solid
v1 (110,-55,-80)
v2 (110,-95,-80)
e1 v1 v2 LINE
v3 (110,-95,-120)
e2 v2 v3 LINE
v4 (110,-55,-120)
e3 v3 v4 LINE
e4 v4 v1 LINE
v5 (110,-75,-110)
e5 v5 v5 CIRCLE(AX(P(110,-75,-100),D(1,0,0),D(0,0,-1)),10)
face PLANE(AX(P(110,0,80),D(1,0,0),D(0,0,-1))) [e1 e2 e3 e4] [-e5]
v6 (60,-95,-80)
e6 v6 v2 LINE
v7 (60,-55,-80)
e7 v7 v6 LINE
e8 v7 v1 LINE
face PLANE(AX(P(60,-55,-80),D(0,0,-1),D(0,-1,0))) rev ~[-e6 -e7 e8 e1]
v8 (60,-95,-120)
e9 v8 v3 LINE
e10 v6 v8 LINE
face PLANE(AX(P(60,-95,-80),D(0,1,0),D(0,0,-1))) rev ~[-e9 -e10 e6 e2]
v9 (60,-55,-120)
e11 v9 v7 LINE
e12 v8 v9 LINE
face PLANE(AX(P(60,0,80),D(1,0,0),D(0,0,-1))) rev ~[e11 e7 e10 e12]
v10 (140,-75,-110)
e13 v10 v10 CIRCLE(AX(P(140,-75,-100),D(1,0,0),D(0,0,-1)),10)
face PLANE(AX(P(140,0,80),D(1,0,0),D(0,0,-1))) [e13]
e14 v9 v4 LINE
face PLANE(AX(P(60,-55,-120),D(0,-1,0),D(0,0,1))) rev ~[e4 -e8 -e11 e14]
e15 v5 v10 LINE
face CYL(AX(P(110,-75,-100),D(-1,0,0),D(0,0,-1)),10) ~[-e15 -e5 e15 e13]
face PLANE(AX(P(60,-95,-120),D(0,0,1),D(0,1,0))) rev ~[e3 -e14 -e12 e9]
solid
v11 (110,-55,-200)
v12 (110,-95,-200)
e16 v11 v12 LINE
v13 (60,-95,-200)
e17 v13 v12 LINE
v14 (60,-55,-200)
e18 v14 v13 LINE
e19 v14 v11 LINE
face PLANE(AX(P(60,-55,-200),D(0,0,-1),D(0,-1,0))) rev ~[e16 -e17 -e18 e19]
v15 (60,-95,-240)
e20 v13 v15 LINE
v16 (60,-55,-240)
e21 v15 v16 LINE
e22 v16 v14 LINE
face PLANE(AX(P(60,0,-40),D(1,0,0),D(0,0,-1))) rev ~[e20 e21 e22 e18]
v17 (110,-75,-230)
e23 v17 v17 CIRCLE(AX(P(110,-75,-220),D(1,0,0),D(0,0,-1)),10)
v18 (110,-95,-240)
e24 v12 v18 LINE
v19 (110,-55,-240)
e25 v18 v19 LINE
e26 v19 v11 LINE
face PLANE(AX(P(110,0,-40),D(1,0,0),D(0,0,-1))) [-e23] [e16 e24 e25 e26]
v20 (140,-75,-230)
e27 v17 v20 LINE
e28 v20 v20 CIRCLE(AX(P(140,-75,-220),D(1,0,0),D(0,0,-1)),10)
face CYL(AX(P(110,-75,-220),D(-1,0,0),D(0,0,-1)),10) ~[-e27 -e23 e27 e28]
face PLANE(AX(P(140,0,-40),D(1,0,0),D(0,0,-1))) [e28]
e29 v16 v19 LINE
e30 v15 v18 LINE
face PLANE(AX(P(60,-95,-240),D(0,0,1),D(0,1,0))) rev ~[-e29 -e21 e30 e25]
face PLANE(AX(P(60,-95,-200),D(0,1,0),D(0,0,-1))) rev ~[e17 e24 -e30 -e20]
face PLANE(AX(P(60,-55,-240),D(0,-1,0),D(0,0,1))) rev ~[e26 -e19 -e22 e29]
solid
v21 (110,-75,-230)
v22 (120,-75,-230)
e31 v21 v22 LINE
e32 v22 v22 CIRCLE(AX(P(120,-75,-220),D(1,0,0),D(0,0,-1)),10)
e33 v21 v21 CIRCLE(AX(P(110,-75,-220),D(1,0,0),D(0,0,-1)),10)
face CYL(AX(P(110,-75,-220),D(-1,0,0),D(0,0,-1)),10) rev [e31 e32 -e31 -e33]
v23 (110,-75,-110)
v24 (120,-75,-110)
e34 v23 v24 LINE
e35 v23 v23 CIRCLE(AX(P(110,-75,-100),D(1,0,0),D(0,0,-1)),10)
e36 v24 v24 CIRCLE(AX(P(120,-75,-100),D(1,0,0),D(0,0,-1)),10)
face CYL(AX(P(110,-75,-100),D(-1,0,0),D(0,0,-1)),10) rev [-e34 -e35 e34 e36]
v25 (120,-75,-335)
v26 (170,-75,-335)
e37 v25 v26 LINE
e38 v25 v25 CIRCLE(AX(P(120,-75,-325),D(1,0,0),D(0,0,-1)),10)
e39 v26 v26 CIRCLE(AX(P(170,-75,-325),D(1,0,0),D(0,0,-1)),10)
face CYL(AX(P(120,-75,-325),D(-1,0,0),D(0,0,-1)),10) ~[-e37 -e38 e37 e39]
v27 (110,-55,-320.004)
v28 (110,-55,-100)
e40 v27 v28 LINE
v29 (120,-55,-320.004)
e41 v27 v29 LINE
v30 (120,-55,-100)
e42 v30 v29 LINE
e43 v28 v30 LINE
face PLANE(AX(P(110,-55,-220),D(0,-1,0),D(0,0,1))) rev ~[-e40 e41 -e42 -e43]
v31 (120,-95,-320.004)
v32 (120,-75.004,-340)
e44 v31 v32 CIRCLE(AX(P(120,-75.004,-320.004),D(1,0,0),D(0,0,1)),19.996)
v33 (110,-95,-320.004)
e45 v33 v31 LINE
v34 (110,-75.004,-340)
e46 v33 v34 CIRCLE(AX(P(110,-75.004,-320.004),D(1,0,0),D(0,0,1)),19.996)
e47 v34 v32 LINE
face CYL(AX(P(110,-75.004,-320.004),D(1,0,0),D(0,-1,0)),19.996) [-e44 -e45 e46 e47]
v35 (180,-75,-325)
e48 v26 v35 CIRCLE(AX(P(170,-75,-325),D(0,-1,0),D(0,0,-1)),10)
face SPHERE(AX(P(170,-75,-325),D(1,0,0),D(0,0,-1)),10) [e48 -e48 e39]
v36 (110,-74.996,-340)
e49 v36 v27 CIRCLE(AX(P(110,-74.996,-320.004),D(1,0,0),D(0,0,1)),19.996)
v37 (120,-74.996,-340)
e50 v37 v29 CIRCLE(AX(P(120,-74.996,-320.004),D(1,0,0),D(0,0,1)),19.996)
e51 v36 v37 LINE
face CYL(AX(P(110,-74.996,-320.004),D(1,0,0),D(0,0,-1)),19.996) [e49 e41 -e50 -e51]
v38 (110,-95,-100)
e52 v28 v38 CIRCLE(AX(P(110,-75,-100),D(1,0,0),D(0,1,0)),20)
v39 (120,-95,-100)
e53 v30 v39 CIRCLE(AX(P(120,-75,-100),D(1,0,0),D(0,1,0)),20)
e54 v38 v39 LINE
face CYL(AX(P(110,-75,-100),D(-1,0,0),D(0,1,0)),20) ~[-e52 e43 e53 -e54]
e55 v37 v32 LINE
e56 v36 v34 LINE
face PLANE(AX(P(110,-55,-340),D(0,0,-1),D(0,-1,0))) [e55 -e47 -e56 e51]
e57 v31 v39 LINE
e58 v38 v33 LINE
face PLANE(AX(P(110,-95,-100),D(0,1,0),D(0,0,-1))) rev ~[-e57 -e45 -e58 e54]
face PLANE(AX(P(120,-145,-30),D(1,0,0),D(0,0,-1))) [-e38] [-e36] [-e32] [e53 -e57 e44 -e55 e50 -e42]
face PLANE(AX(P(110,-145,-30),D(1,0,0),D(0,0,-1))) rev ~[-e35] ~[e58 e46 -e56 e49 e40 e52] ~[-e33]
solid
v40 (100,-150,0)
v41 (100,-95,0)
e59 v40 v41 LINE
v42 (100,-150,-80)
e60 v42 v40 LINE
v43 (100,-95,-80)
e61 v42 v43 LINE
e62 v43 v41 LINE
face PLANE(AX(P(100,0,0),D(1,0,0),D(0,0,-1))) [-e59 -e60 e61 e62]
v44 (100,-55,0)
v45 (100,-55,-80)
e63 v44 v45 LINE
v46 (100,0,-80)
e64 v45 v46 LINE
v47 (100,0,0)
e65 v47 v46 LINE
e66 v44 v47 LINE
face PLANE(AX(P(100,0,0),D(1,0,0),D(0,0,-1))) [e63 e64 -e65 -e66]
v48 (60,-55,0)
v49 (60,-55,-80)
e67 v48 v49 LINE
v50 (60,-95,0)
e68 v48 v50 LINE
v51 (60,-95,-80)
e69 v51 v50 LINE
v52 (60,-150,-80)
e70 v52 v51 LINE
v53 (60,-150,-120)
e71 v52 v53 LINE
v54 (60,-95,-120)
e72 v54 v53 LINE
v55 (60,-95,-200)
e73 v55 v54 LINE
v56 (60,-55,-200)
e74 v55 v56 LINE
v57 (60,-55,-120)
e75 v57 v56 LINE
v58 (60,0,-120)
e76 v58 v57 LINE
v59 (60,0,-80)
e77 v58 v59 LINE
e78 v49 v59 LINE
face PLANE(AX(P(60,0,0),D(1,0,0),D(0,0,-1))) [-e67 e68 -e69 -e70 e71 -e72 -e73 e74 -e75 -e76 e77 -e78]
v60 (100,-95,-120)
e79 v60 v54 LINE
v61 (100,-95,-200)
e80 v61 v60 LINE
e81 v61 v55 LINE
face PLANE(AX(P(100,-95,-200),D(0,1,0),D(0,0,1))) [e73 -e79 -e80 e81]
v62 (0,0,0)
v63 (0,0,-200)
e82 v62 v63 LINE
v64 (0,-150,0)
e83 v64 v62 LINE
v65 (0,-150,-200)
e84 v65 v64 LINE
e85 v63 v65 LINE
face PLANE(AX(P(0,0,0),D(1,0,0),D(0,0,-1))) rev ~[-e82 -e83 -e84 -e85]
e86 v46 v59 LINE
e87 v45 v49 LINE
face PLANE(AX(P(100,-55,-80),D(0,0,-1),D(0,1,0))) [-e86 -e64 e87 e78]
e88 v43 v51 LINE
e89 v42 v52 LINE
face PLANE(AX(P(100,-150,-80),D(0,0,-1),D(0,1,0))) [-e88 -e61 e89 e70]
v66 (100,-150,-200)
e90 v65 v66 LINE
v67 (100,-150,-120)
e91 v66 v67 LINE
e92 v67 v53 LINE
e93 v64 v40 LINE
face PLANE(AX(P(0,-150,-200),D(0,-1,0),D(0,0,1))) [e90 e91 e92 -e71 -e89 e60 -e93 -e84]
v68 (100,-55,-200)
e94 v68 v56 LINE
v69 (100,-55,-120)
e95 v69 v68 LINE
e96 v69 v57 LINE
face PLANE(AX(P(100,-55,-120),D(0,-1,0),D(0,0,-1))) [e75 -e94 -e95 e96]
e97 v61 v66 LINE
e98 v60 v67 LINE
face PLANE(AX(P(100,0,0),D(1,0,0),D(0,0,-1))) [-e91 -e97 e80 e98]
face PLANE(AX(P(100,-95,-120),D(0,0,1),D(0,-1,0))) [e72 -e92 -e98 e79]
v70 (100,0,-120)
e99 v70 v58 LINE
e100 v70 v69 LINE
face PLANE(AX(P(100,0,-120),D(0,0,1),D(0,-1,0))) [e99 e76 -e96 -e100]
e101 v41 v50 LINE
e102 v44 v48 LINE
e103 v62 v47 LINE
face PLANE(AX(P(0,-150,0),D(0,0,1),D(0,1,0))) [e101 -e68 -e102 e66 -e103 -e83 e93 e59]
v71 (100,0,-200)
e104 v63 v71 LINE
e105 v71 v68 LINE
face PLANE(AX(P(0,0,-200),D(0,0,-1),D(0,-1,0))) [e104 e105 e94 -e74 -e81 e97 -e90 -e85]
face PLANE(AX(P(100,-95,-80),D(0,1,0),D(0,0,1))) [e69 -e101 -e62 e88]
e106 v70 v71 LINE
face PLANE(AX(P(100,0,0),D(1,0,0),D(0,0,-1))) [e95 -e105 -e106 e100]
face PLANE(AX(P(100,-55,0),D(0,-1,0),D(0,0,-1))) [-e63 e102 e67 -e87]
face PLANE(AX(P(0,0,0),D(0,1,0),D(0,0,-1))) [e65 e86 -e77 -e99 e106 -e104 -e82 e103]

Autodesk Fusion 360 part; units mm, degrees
sketch "Sketch1" plane through (0, 0, 0) normal (1, 0, 0) x (0, 0, -1)
  line L0 (0, 0) -> (200, 0)
  line L1 (200, 0) -> (200, -150)
  line L2 (200, -150) -> (0, -150)
  line L3 (0, -150) -> (0, 0)
  dimension "d1" = 200
  dimension "d2" = 150
extrude "Extrude1" add sketch "Sketch1" along normal blind 100 makes body 1
sketch "Sketch2" plane through (100, 0, 0) normal (1, 0, 0) x (0, 0, -1)
  line L0 (0, -150) -> (200, -150)
  line L1 (200, -150) -> (200, 0)
  line L2 (200, 0) -> (0, 0)
  line L3 (0, 0) -> (0, -150)
  line L4 (100, -20) -> (100, -140)
  line L5 (20, -75) -> (170, -75)
  line L6 (80, 30) -> (120, 30)
  line L7 (120, 30) -> (120, -175.2632)
  line L8 (120, -175.2632) -> (80, -175.2632)
  line L9 (80, -175.2632) -> (80, 30)
  line L10 (-30, -55) -> (232.2693, -55)
  line L11 (232.2693, -55) -> (232.2693, -95)
  line L12 (232.2693, -95) -> (-30, -95)
  line L13 (-30, -95) -> (-30, -55)
  dimension "d5" = 40
  dimension "d6" = 40
extrude "Extrude2" cut sketch "Sketch2" against normal blind 40 contours L0 L7 L9 L12 | L3 L9 L10 L12 | L4 L5 L9 L12 | L4 L5 L7 L12 | L1 L7 L10 L12 | L4 L5 L9 L10 | L2 L7 L9 L10 | L4 L5 L7 L10 bodies 1
sketch "Sketch3" plane through (60, 0, 0) normal (1, 0, 0) x (0, 0, -1)
  line L0 (120, -95) -> (200, -95)
  line L1 (200, -95) -> (200, -55)
  line L2 (200, -55) -> (120, -55)
  line L3 (120, -55) -> (120, 0)
  line L4 (120, 0) -> (80, 0)
  line L5 (80, 0) -> (80, -55)
  line L6 (80, -55) -> (0, -55)
  line L7 (0, -55) -> (0, -95)
  line L8 (0, -95) -> (80, -95)
  line L9 (80, -95) -> (80, -150)
  line L10 (80, -150) -> (120, -150)
  line L11 (120, -150) -> (120, -95)
  line L12 (80, 0) -> (120, 0)
  line L13 (120, 0) -> (120, -40)
  line L14 (120, -40) -> (80, -40)
  line L15 (80, -40) -> (80, 0)
  line L16 (200, -55) -> (160, -55)
  line L17 (160, -55) -> (160, -95)
  line L18 (160, -95) -> (200, -95)
  line L19 (200, -95) -> (200, -55)
  line L20 (80, -150) -> (120, -150)
  line L21 (120, -150) -> (120, -110)
  line L22 (120, -110) -> (80, -110)
  line L23 (80, -110) -> (80, -150)
  line L24 (0, -55) -> (40, -55)
  line L25 (40, -55) -> (40, -95)
  line L26 (40, -95) -> (0, -95)
  line L27 (0, -95) -> (0, -55)
  dimension "d9" = 40
  dimension "d10" = 40
extrude "Extrude1'" add sketch "Sketch3" along normal blind 50 separate body contours L0 L1 L2 L16 L17 L18 L19 makes body 2 in component "Component"
sketch "Sketch4" plane through (110, 0, 0) normal (1, 0, 0) x (0, 0, -1)
  line L0 (200, -95) -> (200, -55)
  line L1 (200, -55) -> (160, -55)
  line L2 (160, -55) -> (160, -95)
  line L3 (160, -95) -> (200, -95)
  circle A0 centre (180, -75) radius 10
  dimension "d13" = 20
extrude "Extrude2'" add sketch "Sketch4" along normal blind 30 contours A0 bodies 2 in component "Component"
sketch "Sketch5" plane through (100, 0, 0) normal (1, 0, 0) x (0, 0, -1)
  line L0 (120, 0) -> (120, -55)
  line L1 (120, -55) -> (200, -55)
  line L2 (200, -55) -> (200, 0)
  line L3 (200, 0) -> (120, 0)
  line L4 (70, 50) -> (190, 50)
  line L5 (190, 90) -> (70, 90)
  arc A0 (70, 90) -> (70, 50) centre (70, 70) ccw
  line L6 (70, 70) -> (190, 70) construction
  line L7 (190, 90) -> (310, 90)
  line L8 (310, 90) -> (310, 50)
  line L9 (310, 50) -> (190, 50)
  circle A1 centre (70, 70) radius 10
  circle A2 centre (190, 70) radius 10
  dimension "d16" = 120
  dimension "d18" = 20
  dimension "d19" = 20
extrude "Extrude1''" add sketch "Sketch5" along normal blind 10 separate body contours L4 L5 A0 L7 L8 L9 makes body 3 in component "Component'"
sketch "Sketch6" plane through (110, 0, 0) normal (1, 0, 0) x (0, 0, -1)
  circle A0 centre (70, 70) radius 10
  circle A1 centre (190, 70) radius 10
  line L0 (310, 90) -> (70, 90)
  arc A2 (70, 90) -> (70, 50) centre (70, 70) ccw
  line L1 (70, 50) -> (310, 50)
  line L2 (310, 50) -> (310, 90)
  circle A3 centre (295, 70) radius 10
  dimension "d22" = 20
extrude "Extrude2''" add sketch "Sketch6" along normal blind 60 contours A3 bodies 3 in component "Component'"
fillet "Fillet1" radius 10 1 edges at (170, 66.3838, -285.6767) on bodies 3 in component "Component'"
fillet "Fillet2" radius 20 2 edges at (105, 50, -310) (105, 90, -310) on bodies 3 in component "Component'"
component "Component" placed x (1, 0, 0) y (0, 1, 0) z (0, 0, 1) at (0, 0, -40)
component "Component" placed x (1, 0, 0) y (0, 1, 0) z (0, 0, 1) at (0, 0, 80)
component "Component'" placed x (1, 0, 0) y (0, 1, 0) z (0, 0, 1) at (10, -145, -30)
